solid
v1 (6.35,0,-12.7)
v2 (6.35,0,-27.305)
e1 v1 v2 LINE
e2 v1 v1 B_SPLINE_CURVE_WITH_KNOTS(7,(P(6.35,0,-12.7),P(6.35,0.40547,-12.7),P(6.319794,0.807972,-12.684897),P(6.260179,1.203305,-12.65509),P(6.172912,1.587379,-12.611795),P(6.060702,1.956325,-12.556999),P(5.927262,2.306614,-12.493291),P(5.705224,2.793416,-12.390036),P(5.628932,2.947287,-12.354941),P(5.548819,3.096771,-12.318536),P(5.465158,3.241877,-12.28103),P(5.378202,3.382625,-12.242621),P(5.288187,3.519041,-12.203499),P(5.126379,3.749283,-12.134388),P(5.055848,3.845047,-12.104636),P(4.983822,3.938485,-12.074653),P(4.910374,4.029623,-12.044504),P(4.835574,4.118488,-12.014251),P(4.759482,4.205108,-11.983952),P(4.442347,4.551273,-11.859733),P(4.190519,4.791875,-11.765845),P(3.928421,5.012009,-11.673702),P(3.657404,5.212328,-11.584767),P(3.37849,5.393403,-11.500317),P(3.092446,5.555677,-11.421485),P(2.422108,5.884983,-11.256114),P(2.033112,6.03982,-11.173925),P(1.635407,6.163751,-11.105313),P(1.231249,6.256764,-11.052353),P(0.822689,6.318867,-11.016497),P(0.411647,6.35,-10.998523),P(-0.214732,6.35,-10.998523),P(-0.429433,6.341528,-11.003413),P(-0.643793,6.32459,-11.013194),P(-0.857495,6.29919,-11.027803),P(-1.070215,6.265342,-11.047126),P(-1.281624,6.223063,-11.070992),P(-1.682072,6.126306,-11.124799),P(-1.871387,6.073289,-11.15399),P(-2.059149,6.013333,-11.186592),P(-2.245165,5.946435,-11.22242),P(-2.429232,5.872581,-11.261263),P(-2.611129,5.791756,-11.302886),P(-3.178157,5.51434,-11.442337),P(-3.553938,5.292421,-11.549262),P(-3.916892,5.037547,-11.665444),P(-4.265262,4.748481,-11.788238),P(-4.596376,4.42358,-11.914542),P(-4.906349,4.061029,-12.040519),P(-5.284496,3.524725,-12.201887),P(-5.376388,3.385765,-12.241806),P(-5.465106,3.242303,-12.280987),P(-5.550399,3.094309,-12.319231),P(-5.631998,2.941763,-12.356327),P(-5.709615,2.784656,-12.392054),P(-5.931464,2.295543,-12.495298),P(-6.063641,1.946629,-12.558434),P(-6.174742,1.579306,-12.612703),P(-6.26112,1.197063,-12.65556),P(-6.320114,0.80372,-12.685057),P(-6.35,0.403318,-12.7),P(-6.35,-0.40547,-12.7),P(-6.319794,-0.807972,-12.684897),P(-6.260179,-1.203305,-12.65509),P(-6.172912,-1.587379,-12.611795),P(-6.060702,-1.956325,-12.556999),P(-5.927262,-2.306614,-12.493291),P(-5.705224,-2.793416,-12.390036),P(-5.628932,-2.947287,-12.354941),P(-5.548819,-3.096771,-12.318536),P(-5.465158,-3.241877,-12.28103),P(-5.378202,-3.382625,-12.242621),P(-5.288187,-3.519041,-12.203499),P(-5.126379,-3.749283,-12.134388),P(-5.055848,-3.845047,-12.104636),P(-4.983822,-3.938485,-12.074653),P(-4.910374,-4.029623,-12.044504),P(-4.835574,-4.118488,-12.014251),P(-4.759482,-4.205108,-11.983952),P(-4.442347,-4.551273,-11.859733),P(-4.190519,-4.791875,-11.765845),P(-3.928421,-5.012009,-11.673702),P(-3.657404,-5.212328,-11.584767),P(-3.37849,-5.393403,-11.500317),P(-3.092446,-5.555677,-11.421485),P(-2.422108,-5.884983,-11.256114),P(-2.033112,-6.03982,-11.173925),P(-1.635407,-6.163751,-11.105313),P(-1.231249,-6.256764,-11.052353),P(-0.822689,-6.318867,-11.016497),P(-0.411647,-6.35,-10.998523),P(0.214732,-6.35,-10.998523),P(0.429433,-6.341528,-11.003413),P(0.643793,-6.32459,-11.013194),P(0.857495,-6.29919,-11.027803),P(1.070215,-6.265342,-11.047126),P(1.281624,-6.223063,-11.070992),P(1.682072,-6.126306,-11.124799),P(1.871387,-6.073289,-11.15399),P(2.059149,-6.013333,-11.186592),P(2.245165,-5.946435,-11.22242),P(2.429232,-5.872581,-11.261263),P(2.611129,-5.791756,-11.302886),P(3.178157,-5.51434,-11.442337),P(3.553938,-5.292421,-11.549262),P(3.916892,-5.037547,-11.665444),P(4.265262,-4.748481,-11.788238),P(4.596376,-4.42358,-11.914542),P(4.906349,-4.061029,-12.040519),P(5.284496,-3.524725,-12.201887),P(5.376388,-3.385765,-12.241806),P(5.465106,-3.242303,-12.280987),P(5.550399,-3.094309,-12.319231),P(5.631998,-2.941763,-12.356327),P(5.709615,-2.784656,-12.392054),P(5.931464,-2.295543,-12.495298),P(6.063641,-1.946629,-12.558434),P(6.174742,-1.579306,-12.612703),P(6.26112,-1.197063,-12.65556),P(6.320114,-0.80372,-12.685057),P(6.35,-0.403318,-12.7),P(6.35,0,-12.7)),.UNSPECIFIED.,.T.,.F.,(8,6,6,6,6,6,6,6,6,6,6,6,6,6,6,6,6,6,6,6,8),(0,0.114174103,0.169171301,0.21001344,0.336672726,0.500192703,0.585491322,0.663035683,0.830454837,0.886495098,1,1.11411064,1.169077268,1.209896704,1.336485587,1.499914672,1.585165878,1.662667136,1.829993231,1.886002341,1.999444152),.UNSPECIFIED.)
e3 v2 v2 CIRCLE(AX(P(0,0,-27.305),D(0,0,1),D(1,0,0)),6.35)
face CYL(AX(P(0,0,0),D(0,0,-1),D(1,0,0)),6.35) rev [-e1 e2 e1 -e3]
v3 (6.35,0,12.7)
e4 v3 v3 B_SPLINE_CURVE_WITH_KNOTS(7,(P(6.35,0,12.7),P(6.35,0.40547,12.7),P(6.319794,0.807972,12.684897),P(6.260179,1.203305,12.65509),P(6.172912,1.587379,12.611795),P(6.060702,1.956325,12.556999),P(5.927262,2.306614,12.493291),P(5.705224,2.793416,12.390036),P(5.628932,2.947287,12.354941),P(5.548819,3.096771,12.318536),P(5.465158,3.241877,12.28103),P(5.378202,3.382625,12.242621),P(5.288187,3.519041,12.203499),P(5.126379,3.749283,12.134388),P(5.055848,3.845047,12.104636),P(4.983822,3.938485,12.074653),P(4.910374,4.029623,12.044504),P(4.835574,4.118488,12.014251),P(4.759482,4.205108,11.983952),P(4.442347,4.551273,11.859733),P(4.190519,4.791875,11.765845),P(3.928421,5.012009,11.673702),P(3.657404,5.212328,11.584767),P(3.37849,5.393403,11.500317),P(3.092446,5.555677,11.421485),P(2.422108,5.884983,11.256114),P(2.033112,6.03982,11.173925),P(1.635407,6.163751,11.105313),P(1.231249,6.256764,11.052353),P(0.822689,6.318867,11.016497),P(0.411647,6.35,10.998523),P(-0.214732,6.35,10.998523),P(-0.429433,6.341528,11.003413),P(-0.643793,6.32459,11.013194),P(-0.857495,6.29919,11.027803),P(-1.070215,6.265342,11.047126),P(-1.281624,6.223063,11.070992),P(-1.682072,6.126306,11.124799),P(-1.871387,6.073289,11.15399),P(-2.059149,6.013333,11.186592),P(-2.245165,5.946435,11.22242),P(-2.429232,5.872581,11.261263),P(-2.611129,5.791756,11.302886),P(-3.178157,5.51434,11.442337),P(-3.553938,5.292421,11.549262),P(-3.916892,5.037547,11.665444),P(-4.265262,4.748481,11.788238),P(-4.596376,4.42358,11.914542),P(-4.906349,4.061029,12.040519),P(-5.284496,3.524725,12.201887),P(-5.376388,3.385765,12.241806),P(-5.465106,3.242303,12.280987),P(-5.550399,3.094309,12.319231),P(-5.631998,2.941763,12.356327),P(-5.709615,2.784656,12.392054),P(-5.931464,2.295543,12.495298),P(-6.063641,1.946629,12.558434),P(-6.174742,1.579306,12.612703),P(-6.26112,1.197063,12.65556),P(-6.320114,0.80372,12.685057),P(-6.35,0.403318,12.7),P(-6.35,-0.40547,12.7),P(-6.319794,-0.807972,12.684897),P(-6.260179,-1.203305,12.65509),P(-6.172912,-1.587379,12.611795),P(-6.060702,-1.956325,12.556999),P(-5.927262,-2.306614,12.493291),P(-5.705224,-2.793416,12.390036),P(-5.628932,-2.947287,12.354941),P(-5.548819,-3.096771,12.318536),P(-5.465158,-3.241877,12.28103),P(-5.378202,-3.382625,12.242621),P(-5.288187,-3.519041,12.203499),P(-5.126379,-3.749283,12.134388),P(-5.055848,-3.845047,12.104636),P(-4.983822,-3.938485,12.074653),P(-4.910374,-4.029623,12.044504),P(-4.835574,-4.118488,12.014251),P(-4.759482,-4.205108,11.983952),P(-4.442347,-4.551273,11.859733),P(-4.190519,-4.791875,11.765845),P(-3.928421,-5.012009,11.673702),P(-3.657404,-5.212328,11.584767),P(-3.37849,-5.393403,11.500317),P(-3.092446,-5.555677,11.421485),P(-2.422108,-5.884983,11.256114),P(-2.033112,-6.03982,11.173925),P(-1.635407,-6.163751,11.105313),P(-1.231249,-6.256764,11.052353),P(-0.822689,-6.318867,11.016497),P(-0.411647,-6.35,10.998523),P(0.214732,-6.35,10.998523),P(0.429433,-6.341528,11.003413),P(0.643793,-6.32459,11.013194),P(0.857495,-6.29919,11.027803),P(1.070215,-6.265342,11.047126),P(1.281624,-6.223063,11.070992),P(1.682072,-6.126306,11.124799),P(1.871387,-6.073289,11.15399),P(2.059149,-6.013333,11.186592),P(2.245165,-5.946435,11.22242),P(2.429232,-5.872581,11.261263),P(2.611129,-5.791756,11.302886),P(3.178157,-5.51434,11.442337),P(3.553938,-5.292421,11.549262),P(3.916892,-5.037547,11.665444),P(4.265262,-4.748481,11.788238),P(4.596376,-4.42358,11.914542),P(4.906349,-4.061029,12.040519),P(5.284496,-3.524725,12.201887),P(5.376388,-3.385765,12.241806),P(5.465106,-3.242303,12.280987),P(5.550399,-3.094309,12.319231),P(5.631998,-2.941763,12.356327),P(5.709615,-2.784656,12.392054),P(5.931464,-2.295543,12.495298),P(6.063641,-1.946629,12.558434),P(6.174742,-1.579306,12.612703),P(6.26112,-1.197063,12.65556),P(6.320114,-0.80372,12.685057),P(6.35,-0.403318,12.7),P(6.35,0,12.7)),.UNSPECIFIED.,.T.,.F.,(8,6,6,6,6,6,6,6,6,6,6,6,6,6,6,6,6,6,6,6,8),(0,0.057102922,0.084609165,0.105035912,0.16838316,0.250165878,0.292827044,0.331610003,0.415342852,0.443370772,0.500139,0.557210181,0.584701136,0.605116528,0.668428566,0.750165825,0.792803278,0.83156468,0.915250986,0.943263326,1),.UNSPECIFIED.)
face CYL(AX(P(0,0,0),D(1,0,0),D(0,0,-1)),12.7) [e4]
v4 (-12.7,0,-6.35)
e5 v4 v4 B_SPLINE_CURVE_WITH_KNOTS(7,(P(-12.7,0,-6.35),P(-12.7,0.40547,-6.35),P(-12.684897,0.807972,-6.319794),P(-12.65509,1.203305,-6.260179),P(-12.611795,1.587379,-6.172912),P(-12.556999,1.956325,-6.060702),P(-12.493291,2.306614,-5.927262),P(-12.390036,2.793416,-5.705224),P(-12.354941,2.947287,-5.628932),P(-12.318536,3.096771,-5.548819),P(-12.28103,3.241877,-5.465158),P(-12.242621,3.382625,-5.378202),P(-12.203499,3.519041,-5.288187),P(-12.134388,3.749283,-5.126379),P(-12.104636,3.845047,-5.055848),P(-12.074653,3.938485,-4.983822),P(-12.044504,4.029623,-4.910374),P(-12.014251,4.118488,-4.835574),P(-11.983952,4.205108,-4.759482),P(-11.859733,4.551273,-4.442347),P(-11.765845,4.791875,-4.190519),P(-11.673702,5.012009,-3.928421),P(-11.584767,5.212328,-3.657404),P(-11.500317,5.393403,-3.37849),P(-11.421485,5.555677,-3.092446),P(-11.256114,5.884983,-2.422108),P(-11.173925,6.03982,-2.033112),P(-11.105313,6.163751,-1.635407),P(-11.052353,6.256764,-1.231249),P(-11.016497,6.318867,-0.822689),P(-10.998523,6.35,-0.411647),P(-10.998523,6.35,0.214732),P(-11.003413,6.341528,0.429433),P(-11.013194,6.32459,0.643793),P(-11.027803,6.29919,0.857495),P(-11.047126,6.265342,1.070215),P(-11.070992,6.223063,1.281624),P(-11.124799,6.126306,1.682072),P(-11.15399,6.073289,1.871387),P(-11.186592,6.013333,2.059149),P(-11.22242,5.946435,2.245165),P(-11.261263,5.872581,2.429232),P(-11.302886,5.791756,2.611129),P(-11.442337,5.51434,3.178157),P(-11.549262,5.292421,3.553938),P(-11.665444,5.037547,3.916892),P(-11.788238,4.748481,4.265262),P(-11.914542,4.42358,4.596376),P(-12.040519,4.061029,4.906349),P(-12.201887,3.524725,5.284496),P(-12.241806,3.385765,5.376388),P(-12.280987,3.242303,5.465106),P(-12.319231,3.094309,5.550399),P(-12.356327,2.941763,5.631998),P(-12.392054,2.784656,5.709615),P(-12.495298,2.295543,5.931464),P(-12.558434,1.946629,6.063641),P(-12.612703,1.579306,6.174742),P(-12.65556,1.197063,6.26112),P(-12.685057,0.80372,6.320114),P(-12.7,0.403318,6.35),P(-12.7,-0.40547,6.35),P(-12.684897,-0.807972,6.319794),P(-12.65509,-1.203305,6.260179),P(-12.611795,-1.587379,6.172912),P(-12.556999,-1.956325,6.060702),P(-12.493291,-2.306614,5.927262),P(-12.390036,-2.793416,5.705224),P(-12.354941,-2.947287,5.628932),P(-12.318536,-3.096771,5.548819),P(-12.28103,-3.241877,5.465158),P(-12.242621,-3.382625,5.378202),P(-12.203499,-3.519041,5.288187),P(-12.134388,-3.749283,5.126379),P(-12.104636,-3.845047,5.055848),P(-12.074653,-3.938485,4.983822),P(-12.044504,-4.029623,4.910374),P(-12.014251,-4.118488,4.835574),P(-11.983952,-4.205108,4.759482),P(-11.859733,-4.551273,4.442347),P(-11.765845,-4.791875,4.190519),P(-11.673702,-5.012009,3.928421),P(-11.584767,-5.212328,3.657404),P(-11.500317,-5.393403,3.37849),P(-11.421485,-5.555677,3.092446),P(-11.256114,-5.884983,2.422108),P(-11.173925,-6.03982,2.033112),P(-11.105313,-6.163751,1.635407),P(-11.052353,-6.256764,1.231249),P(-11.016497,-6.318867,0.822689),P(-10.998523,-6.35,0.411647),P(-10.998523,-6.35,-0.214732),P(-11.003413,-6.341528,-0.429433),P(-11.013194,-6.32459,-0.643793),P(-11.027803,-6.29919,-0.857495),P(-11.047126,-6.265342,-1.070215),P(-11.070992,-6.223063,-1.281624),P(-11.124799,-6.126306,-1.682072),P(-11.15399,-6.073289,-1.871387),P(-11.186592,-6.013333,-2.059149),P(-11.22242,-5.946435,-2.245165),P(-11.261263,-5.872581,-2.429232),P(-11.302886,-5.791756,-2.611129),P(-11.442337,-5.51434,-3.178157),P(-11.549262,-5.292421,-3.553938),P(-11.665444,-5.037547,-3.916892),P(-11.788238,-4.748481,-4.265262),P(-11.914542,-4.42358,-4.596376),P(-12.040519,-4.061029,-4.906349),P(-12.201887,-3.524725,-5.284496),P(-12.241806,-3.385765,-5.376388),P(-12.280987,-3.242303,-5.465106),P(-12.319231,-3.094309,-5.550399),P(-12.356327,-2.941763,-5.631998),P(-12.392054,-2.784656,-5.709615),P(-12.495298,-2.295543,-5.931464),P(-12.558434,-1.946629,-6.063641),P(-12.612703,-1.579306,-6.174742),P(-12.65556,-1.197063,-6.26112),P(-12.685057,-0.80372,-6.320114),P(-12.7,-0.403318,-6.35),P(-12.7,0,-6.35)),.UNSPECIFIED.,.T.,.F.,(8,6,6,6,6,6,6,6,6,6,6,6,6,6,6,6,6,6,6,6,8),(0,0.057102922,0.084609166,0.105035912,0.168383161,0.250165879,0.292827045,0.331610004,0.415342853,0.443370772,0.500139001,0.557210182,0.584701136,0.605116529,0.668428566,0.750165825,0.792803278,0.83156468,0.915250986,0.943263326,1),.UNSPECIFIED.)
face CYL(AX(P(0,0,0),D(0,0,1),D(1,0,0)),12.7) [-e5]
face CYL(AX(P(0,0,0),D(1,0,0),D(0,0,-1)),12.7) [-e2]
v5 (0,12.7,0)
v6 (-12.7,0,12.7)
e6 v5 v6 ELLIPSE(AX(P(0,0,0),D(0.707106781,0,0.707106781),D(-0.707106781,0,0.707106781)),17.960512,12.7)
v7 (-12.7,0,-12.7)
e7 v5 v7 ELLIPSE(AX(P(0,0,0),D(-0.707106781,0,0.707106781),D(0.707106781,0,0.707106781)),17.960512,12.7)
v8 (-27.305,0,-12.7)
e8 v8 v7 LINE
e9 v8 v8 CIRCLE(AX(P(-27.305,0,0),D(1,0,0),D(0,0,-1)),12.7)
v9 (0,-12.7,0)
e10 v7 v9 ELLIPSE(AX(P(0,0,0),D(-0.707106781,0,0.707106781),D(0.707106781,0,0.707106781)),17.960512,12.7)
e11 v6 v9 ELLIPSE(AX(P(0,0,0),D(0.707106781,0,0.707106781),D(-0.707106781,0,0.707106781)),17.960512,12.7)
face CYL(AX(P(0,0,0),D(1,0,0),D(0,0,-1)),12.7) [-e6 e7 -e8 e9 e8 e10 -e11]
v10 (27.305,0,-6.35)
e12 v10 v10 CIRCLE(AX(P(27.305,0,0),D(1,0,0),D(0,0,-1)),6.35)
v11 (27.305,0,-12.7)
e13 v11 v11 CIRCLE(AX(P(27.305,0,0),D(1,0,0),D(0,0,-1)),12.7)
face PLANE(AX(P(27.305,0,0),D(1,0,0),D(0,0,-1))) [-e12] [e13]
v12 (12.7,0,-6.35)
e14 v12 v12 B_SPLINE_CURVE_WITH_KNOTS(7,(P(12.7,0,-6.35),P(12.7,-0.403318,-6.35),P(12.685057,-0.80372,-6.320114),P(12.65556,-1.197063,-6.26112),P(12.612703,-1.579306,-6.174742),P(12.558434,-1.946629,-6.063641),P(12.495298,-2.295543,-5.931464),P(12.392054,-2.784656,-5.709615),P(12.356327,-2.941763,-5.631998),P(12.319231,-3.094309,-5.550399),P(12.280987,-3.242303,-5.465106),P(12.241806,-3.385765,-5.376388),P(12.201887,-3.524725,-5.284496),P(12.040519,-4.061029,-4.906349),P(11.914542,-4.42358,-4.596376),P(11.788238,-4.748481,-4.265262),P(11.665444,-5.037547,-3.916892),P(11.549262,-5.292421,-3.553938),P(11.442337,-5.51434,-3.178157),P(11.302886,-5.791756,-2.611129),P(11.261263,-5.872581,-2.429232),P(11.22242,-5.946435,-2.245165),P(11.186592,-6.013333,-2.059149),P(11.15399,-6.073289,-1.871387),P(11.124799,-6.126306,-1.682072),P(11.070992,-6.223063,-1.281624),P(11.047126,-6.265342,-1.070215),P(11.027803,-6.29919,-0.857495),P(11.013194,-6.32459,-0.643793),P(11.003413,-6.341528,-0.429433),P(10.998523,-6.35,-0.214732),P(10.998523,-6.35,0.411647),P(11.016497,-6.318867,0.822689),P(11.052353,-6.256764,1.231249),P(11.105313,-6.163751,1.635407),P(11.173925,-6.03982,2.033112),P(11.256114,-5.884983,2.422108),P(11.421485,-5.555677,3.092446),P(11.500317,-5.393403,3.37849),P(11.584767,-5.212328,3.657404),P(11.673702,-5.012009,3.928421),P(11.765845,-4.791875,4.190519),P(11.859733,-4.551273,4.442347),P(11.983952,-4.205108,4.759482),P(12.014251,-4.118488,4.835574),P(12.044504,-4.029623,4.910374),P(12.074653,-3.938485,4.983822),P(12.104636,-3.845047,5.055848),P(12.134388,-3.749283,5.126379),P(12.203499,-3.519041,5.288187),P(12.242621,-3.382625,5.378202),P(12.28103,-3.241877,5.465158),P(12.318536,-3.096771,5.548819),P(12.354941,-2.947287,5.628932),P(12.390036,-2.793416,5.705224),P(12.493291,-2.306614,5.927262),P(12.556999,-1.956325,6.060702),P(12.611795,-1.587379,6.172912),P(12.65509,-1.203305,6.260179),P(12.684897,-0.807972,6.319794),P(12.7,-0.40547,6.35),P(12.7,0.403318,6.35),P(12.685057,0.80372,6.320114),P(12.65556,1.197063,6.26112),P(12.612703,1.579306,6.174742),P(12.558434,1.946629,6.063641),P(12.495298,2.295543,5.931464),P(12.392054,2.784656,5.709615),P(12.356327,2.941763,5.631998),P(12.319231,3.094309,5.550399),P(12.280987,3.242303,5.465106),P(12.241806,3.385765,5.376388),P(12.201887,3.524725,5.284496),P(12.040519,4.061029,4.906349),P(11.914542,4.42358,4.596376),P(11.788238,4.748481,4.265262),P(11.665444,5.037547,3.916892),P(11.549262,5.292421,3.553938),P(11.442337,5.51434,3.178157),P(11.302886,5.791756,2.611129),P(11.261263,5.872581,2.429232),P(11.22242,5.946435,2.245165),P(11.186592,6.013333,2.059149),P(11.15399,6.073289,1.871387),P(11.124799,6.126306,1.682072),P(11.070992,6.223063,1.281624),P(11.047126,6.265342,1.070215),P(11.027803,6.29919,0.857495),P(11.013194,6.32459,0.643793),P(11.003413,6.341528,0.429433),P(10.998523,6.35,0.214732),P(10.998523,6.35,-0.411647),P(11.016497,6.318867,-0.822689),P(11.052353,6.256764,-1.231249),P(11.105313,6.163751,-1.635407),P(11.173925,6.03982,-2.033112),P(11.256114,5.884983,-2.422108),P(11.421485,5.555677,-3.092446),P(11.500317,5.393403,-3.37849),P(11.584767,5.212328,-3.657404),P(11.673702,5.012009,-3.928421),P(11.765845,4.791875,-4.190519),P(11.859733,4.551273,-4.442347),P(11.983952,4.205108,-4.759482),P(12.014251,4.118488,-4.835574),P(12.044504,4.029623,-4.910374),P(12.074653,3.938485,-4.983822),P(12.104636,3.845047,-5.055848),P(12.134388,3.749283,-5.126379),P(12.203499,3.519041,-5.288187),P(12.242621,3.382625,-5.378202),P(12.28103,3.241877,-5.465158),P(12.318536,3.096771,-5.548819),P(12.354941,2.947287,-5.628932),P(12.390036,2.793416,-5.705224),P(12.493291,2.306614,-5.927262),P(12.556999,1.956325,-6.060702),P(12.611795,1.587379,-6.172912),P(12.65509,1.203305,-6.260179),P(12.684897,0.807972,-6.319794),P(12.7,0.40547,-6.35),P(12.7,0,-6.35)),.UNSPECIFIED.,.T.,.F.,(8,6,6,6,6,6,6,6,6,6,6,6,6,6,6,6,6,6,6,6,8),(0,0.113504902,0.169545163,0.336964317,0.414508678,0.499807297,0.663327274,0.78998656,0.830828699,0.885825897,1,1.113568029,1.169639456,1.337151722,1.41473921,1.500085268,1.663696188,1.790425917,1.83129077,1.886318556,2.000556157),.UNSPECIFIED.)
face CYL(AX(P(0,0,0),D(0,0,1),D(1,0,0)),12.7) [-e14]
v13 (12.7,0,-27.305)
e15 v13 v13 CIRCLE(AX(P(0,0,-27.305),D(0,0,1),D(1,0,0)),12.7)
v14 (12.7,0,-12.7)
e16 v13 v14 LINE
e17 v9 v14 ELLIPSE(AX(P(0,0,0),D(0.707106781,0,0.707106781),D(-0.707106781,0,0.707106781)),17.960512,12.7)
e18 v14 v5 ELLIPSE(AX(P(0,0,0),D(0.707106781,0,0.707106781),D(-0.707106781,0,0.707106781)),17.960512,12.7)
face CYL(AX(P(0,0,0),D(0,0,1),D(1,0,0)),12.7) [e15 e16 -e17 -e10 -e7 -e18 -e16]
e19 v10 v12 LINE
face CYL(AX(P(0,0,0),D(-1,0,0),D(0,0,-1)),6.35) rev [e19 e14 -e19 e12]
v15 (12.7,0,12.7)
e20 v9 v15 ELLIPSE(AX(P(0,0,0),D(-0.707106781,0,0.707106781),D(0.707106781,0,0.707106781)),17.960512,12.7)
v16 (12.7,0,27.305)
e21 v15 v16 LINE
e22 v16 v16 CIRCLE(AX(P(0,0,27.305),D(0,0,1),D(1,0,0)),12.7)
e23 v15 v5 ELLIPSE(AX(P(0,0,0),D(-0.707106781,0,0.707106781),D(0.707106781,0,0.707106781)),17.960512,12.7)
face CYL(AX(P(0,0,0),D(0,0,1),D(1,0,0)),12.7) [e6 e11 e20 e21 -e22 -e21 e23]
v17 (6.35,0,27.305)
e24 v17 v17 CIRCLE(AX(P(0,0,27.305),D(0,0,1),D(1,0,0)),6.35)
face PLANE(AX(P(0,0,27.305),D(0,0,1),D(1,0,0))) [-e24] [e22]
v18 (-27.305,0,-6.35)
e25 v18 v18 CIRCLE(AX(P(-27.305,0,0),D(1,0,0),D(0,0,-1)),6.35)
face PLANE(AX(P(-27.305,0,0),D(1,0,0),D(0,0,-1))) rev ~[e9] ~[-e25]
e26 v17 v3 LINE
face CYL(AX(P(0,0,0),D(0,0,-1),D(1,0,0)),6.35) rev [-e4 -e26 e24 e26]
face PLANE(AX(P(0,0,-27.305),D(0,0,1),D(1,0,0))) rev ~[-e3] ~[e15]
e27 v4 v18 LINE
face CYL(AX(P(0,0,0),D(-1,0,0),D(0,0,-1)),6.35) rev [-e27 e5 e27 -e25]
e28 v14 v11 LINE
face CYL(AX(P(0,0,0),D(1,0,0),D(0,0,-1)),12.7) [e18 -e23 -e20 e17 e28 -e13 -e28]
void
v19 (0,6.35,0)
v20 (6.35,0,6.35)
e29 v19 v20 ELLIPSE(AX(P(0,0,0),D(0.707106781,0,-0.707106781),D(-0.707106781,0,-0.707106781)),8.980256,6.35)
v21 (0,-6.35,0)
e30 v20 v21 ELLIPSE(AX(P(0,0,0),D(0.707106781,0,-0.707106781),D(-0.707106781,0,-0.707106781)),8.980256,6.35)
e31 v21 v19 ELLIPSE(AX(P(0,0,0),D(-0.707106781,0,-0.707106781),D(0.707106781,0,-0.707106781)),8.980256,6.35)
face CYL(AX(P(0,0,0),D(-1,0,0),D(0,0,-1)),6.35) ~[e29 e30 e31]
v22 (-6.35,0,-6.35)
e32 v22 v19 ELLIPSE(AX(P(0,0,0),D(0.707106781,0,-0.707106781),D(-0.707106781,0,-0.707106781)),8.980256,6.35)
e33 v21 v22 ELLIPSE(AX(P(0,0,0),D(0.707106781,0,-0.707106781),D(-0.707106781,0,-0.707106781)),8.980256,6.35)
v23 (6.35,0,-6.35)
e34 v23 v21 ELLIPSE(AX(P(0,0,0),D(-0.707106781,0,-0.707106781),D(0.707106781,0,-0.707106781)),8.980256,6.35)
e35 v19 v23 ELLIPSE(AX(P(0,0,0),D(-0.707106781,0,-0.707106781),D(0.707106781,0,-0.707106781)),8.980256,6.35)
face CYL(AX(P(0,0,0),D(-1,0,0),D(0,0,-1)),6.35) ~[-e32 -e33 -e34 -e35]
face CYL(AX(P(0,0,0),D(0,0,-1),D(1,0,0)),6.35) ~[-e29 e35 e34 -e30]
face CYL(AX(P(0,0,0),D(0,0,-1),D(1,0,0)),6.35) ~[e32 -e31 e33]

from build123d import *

# Parameters (mm, degrees)
SKETCH3_R           = 12.7
SKETCH3_R_2         = 6.35
BOSS_EXTRUDE1_DEPTH = 27.305
SKETCH4_R           = 12.7
SKETCH4_R_2         = 6.35
BOSS_EXTRUDE2_DEPTH = 27.305


with BuildPart() as part:
    # Sketch3 → Boss-Extrude1 (new body, symmetric)
    with BuildSketch(Plane.XY):
        Circle(SKETCH3_R)
        Circle(SKETCH3_R_2, mode=Mode.SUBTRACT)
    extrude(amount=BOSS_EXTRUDE1_DEPTH, both=True)

    # Sketch4 → Boss-Extrude2 (add, symmetric)
    with BuildSketch(Plane(origin=(0, 0, 0), x_dir=(0, 0, -1), z_dir=(1, 0, 0))):
        Circle(SKETCH4_R)
        Circle(SKETCH4_R_2, mode=Mode.SUBTRACT)
    extrude(amount=BOSS_EXTRUDE2_DEPTH, both=True)


solid = part.part
